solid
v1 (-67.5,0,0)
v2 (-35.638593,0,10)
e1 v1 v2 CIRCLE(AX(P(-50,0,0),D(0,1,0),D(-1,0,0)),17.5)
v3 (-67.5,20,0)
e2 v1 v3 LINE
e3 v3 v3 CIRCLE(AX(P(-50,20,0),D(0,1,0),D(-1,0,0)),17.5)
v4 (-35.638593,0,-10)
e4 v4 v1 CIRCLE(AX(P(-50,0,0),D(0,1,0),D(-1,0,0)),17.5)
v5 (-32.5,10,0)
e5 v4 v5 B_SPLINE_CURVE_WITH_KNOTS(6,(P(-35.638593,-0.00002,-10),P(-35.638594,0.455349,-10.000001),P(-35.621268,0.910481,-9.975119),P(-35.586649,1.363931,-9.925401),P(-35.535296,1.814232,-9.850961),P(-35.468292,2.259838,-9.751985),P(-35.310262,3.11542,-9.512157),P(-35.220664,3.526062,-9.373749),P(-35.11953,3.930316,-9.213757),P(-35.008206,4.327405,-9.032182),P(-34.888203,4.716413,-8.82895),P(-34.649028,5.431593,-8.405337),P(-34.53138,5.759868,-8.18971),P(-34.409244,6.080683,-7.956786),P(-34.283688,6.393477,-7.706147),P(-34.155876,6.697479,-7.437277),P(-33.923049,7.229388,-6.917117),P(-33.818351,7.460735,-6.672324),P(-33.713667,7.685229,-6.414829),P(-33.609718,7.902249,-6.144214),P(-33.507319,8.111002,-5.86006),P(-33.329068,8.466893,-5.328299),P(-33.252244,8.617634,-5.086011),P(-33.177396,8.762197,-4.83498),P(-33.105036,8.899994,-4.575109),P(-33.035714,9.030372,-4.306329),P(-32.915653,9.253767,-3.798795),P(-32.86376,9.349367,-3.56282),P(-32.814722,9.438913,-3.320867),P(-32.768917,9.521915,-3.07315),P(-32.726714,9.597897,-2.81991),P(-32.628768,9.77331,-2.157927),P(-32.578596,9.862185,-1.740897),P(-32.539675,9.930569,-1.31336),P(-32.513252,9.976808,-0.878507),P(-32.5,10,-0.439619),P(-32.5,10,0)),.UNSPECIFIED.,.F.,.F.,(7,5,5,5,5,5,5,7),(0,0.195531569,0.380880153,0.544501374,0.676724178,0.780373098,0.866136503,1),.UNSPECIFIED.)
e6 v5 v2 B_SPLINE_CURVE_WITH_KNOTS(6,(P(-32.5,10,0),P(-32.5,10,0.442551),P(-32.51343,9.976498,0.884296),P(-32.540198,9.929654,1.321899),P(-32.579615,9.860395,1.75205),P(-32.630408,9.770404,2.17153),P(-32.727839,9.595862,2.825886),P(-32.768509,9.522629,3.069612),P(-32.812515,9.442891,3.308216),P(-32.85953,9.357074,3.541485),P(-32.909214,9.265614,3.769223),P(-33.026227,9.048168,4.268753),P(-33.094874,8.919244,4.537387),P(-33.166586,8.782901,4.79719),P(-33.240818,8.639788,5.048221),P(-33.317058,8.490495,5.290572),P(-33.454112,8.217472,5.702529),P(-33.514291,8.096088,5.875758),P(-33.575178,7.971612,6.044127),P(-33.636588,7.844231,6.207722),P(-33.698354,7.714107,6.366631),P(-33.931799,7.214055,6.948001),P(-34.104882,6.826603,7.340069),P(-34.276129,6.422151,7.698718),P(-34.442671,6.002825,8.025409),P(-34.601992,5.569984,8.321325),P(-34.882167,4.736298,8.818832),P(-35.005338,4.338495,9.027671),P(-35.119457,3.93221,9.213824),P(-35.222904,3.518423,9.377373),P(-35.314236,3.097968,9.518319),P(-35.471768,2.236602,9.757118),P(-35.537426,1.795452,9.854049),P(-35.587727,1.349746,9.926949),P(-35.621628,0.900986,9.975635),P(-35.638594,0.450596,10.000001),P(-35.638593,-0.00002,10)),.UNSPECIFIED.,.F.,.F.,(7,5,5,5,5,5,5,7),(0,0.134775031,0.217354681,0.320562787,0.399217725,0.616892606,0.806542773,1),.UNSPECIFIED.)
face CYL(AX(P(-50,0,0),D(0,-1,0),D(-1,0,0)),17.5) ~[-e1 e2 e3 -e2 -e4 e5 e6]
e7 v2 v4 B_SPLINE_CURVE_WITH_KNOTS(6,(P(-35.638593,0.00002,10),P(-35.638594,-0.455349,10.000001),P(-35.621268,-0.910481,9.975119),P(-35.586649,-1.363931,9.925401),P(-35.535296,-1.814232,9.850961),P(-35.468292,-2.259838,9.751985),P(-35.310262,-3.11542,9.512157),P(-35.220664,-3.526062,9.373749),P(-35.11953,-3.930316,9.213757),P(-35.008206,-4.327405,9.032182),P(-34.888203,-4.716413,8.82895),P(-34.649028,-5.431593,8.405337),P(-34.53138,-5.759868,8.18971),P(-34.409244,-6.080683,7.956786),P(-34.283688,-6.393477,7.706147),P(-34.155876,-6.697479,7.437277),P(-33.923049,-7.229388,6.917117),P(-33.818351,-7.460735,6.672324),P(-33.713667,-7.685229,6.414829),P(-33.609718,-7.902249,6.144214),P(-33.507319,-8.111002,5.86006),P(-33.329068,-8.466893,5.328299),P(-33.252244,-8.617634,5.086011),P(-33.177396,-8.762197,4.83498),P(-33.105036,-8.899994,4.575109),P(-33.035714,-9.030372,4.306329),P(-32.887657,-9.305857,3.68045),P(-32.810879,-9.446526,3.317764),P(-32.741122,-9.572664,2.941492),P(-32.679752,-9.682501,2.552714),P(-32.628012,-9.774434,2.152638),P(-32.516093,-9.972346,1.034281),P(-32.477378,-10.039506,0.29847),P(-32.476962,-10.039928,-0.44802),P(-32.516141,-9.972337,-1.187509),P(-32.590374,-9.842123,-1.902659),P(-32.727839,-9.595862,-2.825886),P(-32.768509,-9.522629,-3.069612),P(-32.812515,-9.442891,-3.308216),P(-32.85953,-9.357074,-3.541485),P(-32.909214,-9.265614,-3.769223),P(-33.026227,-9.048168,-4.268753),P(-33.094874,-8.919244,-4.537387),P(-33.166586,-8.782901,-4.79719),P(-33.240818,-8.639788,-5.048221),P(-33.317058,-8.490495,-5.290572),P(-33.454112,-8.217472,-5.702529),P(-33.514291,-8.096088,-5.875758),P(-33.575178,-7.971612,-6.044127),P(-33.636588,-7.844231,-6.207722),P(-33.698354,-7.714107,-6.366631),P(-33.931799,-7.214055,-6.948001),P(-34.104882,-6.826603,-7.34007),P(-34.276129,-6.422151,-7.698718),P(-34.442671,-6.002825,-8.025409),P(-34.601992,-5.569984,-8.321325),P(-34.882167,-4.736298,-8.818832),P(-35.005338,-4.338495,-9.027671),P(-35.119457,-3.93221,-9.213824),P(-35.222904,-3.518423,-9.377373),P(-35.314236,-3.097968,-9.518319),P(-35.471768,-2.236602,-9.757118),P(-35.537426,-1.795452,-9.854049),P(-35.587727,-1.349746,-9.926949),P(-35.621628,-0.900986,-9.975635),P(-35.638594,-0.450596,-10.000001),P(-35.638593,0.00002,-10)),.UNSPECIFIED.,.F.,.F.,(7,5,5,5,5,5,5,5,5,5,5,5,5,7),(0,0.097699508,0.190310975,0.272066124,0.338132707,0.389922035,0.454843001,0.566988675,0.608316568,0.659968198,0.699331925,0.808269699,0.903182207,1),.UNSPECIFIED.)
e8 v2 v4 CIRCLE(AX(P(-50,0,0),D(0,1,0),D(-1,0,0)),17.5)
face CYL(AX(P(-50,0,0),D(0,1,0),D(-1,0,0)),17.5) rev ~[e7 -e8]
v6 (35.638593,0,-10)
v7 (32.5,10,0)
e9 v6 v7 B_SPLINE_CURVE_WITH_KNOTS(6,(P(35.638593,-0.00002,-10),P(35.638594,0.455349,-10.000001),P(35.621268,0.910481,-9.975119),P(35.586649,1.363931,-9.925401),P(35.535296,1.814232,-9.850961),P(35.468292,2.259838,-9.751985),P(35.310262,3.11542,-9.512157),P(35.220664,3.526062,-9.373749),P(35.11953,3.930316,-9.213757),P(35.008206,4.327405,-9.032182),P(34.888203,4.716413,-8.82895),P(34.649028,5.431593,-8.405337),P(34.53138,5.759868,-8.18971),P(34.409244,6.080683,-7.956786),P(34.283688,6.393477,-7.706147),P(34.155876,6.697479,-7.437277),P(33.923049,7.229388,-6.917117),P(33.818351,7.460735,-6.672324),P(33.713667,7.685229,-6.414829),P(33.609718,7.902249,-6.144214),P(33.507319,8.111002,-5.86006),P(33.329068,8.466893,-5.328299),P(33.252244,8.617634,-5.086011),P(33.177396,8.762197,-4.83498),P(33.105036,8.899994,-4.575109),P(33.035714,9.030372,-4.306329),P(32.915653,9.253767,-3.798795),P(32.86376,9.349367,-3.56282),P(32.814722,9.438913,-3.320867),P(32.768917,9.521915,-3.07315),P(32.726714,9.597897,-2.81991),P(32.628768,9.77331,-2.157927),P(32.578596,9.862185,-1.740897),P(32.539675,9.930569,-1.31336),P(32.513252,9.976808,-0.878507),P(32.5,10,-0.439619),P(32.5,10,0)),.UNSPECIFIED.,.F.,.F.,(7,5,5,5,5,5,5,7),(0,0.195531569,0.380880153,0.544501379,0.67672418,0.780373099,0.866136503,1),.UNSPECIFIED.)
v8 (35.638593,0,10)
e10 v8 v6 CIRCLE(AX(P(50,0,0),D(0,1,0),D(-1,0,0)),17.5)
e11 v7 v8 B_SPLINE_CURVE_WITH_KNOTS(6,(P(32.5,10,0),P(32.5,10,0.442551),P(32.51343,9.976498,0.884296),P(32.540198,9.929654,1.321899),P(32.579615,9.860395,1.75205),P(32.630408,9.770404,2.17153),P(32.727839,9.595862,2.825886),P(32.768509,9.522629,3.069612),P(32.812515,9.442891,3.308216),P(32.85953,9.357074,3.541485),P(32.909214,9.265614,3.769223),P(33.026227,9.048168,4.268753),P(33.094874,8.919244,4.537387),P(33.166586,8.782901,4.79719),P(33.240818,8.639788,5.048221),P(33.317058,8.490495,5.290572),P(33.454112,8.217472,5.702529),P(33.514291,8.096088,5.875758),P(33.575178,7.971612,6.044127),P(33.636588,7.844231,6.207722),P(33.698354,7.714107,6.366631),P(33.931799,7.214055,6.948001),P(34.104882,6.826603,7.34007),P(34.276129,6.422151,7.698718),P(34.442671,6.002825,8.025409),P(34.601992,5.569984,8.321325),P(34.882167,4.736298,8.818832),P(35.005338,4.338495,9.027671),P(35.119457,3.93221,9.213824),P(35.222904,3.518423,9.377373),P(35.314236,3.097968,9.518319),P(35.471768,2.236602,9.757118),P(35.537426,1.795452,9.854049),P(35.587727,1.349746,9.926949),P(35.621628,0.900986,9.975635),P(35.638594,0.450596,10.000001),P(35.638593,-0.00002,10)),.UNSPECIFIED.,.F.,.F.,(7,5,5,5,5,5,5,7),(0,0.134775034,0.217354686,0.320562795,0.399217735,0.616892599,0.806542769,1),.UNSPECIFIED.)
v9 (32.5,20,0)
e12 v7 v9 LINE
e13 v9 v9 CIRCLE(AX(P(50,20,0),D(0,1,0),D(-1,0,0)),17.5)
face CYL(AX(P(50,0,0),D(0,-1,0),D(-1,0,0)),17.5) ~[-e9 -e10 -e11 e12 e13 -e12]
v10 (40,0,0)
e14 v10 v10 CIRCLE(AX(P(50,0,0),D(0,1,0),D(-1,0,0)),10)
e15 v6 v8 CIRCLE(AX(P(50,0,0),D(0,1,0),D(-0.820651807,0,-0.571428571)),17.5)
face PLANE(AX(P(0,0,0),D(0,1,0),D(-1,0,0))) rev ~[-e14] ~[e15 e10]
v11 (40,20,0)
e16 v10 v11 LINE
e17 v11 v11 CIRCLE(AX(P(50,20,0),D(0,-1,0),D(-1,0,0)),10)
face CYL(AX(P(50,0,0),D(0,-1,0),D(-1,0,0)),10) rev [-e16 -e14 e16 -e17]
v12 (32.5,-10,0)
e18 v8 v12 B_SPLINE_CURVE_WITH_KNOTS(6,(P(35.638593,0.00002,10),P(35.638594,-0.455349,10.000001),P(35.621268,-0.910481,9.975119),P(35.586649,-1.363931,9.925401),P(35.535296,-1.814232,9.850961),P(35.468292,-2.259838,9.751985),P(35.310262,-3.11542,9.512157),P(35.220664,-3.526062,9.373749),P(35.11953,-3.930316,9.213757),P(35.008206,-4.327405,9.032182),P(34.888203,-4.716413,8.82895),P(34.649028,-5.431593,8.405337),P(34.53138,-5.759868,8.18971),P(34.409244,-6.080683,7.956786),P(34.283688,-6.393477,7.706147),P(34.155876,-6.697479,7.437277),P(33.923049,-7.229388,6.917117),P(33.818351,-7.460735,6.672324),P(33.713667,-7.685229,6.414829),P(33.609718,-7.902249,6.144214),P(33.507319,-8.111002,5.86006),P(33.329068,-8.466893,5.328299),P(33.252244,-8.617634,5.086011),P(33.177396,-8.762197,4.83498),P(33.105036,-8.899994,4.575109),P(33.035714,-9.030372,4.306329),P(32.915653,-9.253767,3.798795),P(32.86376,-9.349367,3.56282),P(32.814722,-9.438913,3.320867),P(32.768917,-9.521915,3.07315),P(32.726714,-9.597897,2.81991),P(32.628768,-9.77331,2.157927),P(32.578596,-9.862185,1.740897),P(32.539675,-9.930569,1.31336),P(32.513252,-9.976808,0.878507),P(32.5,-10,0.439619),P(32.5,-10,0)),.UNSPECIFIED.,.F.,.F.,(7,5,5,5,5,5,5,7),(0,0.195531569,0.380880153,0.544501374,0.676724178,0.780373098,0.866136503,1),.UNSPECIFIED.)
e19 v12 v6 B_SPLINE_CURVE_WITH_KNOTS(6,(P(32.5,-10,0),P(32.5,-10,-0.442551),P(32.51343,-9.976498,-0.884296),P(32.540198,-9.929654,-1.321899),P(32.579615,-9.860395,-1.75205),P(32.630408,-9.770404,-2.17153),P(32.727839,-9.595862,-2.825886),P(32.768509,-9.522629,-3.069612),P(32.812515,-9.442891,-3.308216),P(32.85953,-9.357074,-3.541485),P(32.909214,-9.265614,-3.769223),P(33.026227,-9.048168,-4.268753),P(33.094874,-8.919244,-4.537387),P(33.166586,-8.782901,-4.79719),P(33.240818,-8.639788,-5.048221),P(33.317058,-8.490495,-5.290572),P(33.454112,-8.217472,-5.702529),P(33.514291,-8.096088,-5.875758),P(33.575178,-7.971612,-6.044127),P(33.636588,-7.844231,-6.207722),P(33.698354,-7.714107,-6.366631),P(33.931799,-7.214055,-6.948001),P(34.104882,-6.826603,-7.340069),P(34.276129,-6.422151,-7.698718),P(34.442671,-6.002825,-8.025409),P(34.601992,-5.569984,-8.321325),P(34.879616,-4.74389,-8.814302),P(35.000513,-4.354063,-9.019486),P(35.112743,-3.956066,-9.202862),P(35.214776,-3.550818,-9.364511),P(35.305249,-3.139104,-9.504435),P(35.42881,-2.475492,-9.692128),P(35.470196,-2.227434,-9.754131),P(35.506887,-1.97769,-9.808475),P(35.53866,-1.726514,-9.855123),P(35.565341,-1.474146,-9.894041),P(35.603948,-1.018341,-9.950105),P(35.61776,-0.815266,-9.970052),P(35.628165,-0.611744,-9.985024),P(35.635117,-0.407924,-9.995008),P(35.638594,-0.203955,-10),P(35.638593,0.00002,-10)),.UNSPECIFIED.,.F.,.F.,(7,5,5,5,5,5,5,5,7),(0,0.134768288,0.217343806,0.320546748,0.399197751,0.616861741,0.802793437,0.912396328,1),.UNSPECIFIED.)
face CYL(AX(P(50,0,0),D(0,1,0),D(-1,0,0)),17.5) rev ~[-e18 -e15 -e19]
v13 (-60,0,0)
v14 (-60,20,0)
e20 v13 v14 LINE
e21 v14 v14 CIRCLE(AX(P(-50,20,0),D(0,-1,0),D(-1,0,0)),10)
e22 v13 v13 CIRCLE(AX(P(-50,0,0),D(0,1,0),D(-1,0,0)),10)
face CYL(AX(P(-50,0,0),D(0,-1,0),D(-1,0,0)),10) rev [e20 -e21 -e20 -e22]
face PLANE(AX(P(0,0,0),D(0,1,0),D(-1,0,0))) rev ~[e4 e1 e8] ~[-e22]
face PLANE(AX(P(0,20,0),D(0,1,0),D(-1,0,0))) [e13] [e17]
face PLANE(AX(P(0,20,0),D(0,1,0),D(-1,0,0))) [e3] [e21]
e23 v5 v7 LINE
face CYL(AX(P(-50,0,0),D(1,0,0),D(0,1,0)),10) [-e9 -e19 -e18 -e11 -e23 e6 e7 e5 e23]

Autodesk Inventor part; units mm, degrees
ref_plane "YZ Plane" through (0, 0, 0) normal (1, 0, 0) x (0, 1, 0)
ref_plane "XZ Plane" through (0, 0, 0) normal (0, 1, 0) x (-1, 0, 0)
ref_plane "XY Plane" through (0, 0, 0) normal (0, 0, 1) x (1, 0, 0)
sketch "Sketch1" plane through (0, 0, 0) normal (0, 0, 1) x (1, 0, 0)
  line L0 (-50, 0) -> (50, 0)
  line L1 (0, 0) -> (0, 34.9563) construction
  line L2 (-50, 0) -> (-50, 10)
  line L3 (-50, 10) -> (50, 10)
  line L4 (50, 10) -> (50, 0)
  dimension "d0" = 100
  dimension "d1" = 10
revolve "Revolution1" add sketch "Sketch1" angle 360 about axis through (-50, 0, 0) along (1, 0, 0)
sketch "Sketch2" plane through (0, 0, 0) normal (0, 1, 0) x (-1, 0, 0)
  line L0 (-50, 10) -> (-50, -10) projected
  circle A0 centre (-50, 0) radius 17.5
  circle A1 centre (-50, 0) radius 10
  point P0 (0, 0)
  dimension "d3" = 35
  dimension "d4" = 20
extrude "Extrusion1" add sketch "Sketch2" along normal blind 20
extrude "Extrusion2" cut sketch "Sketch2" against normal blind 20 contours A1 L0 | A0 picked at (-47.9217, -2.6061)
extrude "Extrusion3" cut sketch "Sketch2" along normal blind 20 contours A1 L0 picked at (-47.9217, -2.6061)
sketch "Sketch4" plane through (0, 0, 0) normal (0, 1, 0) x (-1, 0, 0)
  line L0 (50, 10) -> (50, -10) projected
  circle A0 centre (50, 0) radius 17.5
  circle A1 centre (50, 0) radius 10
  point P0 (0, 0)
  dimension "d17" = 35
  dimension "d18" = 20
extrude "Extrusion6" add sketch "Sketch4" along normal blind 20
extrude "Extrusion7" cut sketch "Sketch4" against normal blind 20 contours L0 A1 | A0 picked at (46.9919, -2.3982)
extrude "Extrusion8" cut sketch "Sketch4" along normal blind 20 contours L0 A1 picked at (46.9919, -2.3982)
